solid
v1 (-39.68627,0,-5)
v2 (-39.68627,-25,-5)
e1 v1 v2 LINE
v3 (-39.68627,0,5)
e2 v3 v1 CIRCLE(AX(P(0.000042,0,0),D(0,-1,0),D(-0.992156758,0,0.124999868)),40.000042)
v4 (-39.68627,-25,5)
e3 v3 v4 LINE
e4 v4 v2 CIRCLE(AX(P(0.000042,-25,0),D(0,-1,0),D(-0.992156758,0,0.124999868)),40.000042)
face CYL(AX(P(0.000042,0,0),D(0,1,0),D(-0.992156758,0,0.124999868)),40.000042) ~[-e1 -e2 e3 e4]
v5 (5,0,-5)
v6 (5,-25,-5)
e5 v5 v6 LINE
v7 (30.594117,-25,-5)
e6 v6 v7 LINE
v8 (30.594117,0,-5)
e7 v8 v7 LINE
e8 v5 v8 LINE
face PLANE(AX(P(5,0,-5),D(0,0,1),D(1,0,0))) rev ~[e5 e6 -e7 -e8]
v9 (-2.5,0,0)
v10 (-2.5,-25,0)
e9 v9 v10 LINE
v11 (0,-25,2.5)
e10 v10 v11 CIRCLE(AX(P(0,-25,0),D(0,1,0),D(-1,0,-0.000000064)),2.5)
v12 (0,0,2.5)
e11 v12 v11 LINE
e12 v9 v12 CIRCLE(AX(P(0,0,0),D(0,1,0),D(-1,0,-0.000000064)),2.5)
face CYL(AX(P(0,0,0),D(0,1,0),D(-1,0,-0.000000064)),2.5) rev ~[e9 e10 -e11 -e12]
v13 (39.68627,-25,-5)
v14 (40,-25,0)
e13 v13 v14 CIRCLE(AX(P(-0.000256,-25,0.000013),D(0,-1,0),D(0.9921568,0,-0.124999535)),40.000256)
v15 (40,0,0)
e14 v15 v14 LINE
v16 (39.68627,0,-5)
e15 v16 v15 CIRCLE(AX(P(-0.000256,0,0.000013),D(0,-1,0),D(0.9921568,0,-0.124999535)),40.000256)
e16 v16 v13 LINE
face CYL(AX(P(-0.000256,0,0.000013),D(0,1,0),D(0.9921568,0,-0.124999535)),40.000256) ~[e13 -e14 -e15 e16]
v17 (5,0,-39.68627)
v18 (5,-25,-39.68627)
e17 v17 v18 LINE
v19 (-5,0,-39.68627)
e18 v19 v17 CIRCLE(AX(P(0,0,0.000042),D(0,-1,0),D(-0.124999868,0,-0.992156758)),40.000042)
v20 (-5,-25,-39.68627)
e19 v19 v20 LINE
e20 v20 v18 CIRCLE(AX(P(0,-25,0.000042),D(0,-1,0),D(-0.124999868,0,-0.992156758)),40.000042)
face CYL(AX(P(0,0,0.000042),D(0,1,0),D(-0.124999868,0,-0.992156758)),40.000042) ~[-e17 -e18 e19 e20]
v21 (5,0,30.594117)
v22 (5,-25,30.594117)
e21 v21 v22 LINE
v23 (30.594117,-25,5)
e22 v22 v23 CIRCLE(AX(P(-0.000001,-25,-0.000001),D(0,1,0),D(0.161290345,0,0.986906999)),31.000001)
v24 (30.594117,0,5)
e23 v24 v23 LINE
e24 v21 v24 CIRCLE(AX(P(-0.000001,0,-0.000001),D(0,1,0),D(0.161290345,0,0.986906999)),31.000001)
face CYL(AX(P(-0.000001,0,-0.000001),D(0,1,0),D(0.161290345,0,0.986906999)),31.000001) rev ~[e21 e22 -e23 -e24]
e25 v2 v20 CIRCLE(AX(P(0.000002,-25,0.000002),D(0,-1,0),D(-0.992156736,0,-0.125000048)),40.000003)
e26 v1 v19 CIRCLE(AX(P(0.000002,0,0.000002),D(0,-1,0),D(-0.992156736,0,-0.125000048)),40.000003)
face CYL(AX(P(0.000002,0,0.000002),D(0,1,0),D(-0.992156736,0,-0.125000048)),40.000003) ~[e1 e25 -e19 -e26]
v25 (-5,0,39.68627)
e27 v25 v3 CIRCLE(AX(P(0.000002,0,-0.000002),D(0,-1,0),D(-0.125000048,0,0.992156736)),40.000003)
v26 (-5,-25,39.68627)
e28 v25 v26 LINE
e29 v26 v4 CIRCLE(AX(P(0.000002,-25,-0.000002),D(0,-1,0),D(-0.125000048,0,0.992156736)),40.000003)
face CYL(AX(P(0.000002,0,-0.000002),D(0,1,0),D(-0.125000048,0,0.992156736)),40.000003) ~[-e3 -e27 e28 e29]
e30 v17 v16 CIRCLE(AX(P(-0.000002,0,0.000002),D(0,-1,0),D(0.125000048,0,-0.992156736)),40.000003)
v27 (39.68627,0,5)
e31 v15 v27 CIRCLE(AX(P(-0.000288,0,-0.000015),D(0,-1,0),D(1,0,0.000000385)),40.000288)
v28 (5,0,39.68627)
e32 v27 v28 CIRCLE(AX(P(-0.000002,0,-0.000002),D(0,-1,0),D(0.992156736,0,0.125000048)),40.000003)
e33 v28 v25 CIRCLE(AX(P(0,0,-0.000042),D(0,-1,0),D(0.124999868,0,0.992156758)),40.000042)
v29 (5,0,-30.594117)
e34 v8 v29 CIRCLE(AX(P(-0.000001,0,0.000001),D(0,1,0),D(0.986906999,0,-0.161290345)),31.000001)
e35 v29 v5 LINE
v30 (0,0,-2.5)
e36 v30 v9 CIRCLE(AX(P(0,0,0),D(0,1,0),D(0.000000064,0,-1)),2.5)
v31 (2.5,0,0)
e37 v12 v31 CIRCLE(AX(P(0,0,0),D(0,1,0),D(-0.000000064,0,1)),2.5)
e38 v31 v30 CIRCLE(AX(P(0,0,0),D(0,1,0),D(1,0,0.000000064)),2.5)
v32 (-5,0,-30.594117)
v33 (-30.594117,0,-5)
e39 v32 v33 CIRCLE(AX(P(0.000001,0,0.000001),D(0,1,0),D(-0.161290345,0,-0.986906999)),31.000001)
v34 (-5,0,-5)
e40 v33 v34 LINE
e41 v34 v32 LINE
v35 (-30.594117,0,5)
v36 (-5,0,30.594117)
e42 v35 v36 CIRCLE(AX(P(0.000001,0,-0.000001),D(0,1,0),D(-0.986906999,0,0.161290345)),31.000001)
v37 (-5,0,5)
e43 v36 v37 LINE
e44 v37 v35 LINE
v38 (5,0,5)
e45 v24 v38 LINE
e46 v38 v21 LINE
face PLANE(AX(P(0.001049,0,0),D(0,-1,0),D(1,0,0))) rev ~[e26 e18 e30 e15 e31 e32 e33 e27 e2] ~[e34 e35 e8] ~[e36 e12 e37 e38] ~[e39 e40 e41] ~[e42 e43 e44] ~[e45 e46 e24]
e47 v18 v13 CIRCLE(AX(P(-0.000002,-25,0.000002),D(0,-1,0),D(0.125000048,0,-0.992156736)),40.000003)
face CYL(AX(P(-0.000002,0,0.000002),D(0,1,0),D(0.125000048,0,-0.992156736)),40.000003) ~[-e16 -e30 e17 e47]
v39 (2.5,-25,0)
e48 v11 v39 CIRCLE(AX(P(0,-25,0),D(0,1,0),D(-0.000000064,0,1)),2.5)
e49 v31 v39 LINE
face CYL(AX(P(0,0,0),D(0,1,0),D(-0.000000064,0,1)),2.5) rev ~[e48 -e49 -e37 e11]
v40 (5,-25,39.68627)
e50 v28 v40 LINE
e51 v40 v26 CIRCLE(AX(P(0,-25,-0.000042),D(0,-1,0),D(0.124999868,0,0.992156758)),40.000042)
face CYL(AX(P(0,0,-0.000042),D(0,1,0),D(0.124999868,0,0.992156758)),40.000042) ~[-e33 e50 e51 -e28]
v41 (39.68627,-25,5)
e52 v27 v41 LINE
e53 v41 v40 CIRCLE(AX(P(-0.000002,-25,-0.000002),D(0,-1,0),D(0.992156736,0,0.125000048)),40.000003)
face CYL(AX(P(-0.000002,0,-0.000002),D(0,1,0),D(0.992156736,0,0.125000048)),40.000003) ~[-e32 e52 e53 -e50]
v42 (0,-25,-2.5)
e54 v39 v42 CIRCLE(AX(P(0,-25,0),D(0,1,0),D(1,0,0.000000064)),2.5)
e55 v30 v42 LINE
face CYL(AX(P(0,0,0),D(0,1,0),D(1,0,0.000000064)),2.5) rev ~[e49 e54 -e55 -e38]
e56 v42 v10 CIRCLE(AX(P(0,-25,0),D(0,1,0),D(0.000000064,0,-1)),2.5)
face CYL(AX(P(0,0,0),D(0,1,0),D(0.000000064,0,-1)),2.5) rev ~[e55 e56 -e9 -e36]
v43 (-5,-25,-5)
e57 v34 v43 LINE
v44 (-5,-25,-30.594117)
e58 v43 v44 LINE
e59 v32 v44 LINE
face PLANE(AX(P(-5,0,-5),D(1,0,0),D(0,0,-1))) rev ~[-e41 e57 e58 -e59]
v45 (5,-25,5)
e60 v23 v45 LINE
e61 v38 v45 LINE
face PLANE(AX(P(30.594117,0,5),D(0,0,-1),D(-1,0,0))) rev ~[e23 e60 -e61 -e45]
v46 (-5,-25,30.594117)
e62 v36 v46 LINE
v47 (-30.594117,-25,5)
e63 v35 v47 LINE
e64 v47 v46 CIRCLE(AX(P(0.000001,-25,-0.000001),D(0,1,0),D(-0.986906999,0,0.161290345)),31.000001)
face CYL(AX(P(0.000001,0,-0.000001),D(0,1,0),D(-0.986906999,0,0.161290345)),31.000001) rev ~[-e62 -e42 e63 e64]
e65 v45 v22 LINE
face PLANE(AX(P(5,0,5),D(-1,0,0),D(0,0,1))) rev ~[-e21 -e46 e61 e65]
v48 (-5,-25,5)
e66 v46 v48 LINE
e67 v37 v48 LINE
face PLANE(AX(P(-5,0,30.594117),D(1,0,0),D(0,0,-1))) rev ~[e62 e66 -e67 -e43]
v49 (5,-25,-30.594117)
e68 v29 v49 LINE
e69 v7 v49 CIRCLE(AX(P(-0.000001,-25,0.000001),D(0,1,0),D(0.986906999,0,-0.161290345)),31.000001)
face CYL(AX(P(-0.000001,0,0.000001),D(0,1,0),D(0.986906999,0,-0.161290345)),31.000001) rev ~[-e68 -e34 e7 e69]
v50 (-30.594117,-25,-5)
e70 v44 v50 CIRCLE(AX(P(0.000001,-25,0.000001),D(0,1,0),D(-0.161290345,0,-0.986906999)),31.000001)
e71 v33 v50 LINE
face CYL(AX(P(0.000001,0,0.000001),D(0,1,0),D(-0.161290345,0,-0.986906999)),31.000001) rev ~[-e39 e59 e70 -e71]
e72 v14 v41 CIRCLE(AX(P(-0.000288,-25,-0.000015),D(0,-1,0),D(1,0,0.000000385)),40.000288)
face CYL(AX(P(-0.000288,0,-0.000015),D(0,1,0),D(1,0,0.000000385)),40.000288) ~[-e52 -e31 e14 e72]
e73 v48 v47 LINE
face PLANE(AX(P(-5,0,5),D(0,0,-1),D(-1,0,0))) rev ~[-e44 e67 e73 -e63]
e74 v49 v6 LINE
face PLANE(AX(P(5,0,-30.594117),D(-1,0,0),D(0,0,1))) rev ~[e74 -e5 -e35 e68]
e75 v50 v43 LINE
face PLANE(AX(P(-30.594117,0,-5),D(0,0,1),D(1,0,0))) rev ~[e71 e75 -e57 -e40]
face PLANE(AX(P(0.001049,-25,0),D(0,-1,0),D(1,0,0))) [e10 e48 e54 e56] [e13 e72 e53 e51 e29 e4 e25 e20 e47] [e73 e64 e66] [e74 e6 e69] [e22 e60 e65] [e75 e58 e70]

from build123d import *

# Parameters (mm, degrees)
F1_DEPTH = 25


with BuildPart() as f1:
    # F0 (on Front) → F1 (new body)
    with BuildSketch(Plane.XZ):
        with BuildLine():
            ThreePointArc((0, -2.5), (1.767767, -1.767767), (2.5, 0))
            ThreePointArc((2.5, 0), (1.767767, 1.767767), (0, 2.5))
            ThreePointArc((0, 2.5), (-1.767767, 1.767767), (-2.5, 0))
            ThreePointArc((-2.5, 0), (-1.767767, -1.767767), (0, -2.5))
        make_face()
        with BuildLine():
            ThreePointArc((39.68627, -5), (39.92149, -2.504917), (40, 0))
            ThreePointArc((40, 0), (39.92149, 2.504916), (39.68627, 5))
            ThreePointArc((39.68627, 5), (28.284271, 28.284271), (5, 39.68627))
            ThreePointArc((5, 39.68627), (0, 40), (-5, 39.68627))
            ThreePointArc((-5, 39.68627), (-28.284271, 28.284271), (-39.68627, 5))
            ThreePointArc((-39.68627, 5), (-40, 0), (-39.68627, -5))
            ThreePointArc((-39.68627, -5), (-28.284271, -28.284271), (-5, -39.68627))
            ThreePointArc((-5, -39.68627), (0, -40), (5, -39.68627))
            ThreePointArc((5, -39.68627), (28.284271, -28.284271), (39.68627, -5))
        make_face()
        with BuildLine():
            Line((-30.594117, -5), (-5, -5))
            Line((-5, -5), (-5, -30.594117))
            ThreePointArc((-5, -30.594117), (-21.92031, -21.92031), (-30.594117, -5))
        make_face(mode=Mode.SUBTRACT)
        with BuildLine():
            Line((5, -5.59017), (5, -5))
            Line((5, -5), (5.59017, -5))
            Line((5.59017, -5), (30.594117, -5))
            ThreePointArc((30.594117, -5), (21.92031, -21.92031), (5, -30.594117))
            Line((5, -30.594117), (5, -5.59017))
        make_face(mode=Mode.SUBTRACT)
        with BuildLine():
            Line((-5, 30.594117), (-5, 5.59017))
            Line((-5, 5.59017), (-5, 5))
            Line((-5, 5), (-5.59017, 5))
            Line((-5.59017, 5), (-30.594117, 5))
            ThreePointArc((-30.594117, 5), (-21.92031, 21.92031), (-5, 30.594117))
        make_face(mode=Mode.SUBTRACT)
        with BuildLine():
            ThreePointArc((0, 2.5), (1.767767, 1.767767), (2.5, 0))
            ThreePointArc((2.5, 0), (1.767767, -1.767767), (0, -2.5))
            ThreePointArc((0, -2.5), (-1.767767, -1.767767), (-2.5, 0))
            ThreePointArc((-2.5, 0), (-1.767767, 1.767767), (0, 2.5))
        make_face(mode=Mode.SUBTRACT)
        with BuildLine():
            ThreePointArc((5, 30.594117), (21.92031, 21.92031), (30.594117, 5))
            Line((30.594117, 5), (5.59017, 5))
            Line((5.59017, 5), (5, 5))
            Line((5, 5), (5, 5.59017))
            Line((5, 5.59017), (5, 30.594117))
        make_face(mode=Mode.SUBTRACT)
    extrude(amount=F1_DEPTH)


solid = f1.part
